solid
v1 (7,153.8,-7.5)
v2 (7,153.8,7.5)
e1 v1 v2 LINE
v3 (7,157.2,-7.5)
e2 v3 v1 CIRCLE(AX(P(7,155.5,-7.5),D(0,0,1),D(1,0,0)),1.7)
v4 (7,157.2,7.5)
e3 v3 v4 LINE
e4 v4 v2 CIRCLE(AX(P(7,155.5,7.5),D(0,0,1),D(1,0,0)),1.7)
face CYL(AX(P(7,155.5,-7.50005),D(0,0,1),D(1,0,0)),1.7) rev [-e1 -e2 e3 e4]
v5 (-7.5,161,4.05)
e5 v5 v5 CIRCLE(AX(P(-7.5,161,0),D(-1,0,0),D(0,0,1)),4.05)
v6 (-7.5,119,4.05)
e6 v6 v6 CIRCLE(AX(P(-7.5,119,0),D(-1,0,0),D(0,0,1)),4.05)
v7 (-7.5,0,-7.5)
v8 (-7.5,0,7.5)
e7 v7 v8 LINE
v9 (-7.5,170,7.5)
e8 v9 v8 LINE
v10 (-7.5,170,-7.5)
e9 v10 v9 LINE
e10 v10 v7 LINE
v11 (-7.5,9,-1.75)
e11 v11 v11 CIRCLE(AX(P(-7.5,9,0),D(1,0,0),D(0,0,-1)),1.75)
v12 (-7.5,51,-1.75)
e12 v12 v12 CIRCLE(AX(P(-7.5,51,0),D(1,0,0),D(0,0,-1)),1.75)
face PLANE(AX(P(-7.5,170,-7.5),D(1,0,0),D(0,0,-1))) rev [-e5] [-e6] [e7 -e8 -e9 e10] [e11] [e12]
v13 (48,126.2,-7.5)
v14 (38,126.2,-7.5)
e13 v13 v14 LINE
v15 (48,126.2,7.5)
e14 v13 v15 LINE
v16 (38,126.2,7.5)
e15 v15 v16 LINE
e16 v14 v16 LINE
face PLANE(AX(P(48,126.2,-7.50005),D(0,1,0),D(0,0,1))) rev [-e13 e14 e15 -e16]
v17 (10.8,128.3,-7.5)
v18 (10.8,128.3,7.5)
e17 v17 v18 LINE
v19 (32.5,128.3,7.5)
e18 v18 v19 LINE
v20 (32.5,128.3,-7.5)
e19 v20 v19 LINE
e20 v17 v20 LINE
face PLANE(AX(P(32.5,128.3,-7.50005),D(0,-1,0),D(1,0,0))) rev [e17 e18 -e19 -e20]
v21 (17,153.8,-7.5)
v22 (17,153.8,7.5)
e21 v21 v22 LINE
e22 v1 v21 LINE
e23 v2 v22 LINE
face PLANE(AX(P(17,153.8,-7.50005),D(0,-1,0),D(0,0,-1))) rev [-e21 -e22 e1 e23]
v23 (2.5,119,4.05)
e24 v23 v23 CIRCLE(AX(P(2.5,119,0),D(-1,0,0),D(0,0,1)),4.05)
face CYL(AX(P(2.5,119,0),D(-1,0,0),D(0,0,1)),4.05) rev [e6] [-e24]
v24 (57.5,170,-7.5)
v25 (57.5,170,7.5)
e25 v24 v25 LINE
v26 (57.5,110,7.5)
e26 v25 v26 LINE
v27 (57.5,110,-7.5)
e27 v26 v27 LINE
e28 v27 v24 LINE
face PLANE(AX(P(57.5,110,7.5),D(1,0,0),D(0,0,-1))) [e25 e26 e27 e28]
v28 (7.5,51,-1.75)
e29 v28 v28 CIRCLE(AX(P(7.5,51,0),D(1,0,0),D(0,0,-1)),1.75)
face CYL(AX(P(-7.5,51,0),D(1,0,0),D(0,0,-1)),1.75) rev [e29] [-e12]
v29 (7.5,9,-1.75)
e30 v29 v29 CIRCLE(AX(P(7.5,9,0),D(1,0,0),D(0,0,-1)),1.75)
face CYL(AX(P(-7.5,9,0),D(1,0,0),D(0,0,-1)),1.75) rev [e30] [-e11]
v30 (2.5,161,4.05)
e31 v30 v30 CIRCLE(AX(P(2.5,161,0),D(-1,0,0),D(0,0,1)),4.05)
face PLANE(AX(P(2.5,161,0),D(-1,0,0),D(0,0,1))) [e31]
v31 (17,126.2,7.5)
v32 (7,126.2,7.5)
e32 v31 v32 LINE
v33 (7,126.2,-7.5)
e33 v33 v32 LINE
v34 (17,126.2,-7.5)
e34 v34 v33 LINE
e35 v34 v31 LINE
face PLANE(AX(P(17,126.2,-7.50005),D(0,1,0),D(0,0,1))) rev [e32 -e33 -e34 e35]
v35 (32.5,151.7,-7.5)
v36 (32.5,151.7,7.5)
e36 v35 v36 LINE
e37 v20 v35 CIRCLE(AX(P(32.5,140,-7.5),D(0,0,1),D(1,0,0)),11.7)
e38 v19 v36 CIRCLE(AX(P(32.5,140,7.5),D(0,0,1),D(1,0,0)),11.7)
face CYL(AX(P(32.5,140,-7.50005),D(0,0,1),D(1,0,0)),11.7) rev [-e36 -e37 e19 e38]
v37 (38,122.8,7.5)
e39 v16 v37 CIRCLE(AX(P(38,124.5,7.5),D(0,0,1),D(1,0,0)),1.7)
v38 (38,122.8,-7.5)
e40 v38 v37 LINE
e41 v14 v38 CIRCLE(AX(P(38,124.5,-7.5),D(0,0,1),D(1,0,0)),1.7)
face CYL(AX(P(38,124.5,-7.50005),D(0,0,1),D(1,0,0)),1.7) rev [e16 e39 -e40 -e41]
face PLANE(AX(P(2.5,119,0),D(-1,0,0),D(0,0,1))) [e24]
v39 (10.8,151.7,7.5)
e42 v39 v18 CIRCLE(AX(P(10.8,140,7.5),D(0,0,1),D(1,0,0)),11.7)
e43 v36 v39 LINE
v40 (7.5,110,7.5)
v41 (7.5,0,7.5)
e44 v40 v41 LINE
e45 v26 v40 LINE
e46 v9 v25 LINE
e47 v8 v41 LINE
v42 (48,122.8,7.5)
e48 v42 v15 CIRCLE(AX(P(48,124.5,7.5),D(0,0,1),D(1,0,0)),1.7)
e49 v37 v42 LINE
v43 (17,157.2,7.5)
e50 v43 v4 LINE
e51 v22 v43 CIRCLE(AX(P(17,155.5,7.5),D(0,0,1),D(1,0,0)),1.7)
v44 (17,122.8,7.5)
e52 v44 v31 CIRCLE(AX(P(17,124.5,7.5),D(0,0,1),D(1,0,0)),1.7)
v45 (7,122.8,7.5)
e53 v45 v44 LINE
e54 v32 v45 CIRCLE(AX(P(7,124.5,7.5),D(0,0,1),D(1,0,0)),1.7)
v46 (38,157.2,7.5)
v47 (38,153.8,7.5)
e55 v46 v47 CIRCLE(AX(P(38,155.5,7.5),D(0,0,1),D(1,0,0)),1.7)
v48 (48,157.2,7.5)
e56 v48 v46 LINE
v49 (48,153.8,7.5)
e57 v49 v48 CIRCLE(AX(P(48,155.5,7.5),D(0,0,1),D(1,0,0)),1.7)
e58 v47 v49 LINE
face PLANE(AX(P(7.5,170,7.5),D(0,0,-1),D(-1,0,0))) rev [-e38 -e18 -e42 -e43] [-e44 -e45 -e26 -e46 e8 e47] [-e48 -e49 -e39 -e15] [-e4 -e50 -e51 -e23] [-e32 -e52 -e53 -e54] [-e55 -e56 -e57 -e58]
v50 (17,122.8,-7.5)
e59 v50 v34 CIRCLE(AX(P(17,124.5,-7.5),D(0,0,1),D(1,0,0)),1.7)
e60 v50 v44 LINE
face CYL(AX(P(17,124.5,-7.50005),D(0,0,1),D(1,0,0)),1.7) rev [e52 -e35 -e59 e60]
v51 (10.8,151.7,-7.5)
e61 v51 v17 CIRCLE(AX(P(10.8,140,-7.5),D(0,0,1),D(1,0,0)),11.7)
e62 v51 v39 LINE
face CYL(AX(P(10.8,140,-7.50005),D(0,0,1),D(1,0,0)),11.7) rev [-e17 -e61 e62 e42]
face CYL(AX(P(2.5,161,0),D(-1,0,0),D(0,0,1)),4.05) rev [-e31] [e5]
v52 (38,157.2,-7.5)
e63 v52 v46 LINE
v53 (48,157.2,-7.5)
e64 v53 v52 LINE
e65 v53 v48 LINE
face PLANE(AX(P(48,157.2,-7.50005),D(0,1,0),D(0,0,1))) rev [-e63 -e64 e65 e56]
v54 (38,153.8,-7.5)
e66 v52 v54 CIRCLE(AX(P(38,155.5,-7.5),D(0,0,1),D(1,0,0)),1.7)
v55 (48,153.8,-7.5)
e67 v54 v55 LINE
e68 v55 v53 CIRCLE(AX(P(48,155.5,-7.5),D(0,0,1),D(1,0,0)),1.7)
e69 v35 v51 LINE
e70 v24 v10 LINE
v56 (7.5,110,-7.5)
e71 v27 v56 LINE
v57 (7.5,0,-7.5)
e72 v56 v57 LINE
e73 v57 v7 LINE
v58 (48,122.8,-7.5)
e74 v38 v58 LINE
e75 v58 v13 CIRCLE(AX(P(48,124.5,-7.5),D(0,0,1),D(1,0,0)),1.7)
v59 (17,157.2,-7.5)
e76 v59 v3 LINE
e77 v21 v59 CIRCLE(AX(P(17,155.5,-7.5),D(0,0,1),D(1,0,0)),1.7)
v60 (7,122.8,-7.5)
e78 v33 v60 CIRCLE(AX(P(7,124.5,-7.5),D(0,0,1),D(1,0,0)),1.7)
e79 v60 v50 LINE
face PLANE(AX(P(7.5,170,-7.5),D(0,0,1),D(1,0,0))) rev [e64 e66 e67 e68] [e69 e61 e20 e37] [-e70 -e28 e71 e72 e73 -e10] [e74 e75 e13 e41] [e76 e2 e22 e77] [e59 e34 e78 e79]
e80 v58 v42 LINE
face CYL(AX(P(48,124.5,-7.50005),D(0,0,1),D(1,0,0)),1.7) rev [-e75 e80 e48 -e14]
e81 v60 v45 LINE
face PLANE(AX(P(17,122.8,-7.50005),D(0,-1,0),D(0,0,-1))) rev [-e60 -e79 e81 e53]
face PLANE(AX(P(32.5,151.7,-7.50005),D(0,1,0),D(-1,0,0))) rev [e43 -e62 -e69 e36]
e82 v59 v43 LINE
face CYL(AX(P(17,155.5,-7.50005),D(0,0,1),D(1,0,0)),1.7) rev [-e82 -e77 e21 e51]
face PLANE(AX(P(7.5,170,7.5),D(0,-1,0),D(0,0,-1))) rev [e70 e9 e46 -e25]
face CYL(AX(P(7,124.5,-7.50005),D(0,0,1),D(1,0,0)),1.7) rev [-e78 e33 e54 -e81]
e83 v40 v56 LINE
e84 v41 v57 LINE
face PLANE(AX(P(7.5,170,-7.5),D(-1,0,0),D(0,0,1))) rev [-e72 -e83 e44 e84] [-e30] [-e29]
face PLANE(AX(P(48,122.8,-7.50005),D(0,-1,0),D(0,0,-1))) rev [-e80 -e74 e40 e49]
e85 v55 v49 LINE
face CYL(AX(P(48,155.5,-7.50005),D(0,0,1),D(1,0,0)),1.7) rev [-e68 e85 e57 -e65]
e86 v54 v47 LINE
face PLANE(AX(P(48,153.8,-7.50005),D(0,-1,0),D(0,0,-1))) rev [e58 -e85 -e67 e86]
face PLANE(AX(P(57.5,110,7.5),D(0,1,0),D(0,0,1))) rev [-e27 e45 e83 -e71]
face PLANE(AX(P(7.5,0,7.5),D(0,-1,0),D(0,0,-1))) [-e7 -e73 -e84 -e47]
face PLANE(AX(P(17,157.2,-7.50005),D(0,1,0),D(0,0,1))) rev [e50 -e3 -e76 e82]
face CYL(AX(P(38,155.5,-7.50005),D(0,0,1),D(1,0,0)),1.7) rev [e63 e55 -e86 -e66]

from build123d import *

# Parameters (mm, degrees)
SKETCH1_W           = 15
SKETCH1_H           = 15
BOSS_EXTRUDE1_DEPTH = 170
SKETCH2_R           = 1.75
CUT_EXTRUDE1_DEPTH  = 16
SKETCH8_W           = 15
SKETCH8_H           = 60
BOSS_EXTRUDE2_DEPTH = 50
SKETCH9_W           = 15
SKETCH9_H           = 22
CUT_EXTRUDE2_DEPTH  = 31
SKETCH11_R          = 4.05
CUT_EXTRUDE3_DEPTH  = 10
SKETCH12_W          = 15
SKETCH12_H          = 22
BOSS_EXTRUDE3_DEPTH = 31
CUT_EXTRUDE4_DEPTH  = 16


with BuildPart() as part:
    # Sketch1 → Boss-Extrude1 (new body)
    with BuildSketch(Plane(origin=(0, 0, 0), x_dir=(1, 0, 0), z_dir=(0, 1, 0))):
        Rectangle(SKETCH1_W, SKETCH1_H)
    extrude(amount=BOSS_EXTRUDE1_DEPTH)

    # Sketch2 → Cut-Extrude1 (cut, through all)
    with BuildSketch(Plane(origin=(7.5, 0, 0), x_dir=(0, 0, -1), z_dir=(1, 0, 0))):
        with Locations((0, 9)):
            Circle(SKETCH2_R)
        with Locations((0, 51)):
            Circle(SKETCH2_R)
    extrude(amount=-CUT_EXTRUDE1_DEPTH, mode=Mode.SUBTRACT)

    # Sketch8 → Boss-Extrude2 (add)
    with BuildSketch(Plane(origin=(7.5, 0, 0), x_dir=(0, 0, -1), z_dir=(1, 0, 0))):
        with Locations((0, 140)):
            Rectangle(SKETCH8_W, SKETCH8_H)
    extrude(amount=BOSS_EXTRUDE2_DEPTH)

    # Sketch9 → Cut-Extrude2 (cut)
    with BuildSketch(Plane(origin=(57.5, 0, 0), x_dir=(0, 0, -1), z_dir=(1, 0, 0))):
        with Locations((0, 150)):
            Rectangle(SKETCH9_W, SKETCH9_H)
    extrude(amount=-CUT_EXTRUDE2_DEPTH, mode=Mode.SUBTRACT)

    # Sketch11 → Cut-Extrude3 (cut)
    with BuildSketch(Plane.ZY.offset(7.5)):
        with Locations((0, 161)):
            Circle(SKETCH11_R)
        with Locations((0, 119)):
            Circle(SKETCH11_R)
    extrude(amount=-CUT_EXTRUDE3_DEPTH, mode=Mode.SUBTRACT)

    # Sketch12 → Boss-Extrude3 (add)
    with BuildSketch(Plane(origin=(26.5, 0, 0), x_dir=(0, 0, -1), z_dir=(1, 0, 0))):
        with Locations((0, 150)):
            Rectangle(SKETCH12_W, SKETCH12_H)
    extrude(amount=BOSS_EXTRUDE3_DEPTH)

    # Sketch13 → Cut-Extrude4 (cut, through all)
    with BuildSketch(Plane.XY.offset(7.5)):
        with BuildLine():
            Line((17, 122.8), (7, 122.8))
            ThreePointArc((7, 122.8), (5.3, 124.5), (7, 126.2))
            Line((7, 126.2), (17, 126.2))
            ThreePointArc((17, 126.2), (18.7, 124.5), (17, 122.8))
        make_face()
        with BuildLine():
            Line((32.5, 128.3), (10.8, 128.3))
            ThreePointArc((10.8, 128.3), (-0.9, 140), (10.8, 151.7))
            Line((10.8, 151.7), (32.5, 151.7))
            ThreePointArc((32.5, 151.7), (44.2, 140), (32.5, 128.3))
        make_face()
        with BuildLine():
            Line((48, 122.8), (38, 122.8))
            ThreePointArc((38, 122.8), (36.3, 124.5), (38, 126.2))
            Line((38, 126.2), (48, 126.2))
            ThreePointArc((48, 126.2), (49.7, 124.5), (48, 122.8))
        make_face()
        with BuildLine():
            Line((48, 153.8), (38, 153.8))
            ThreePointArc((38, 153.8), (36.3, 155.5), (38, 157.2))
            Line((38, 157.2), (48, 157.2))
            ThreePointArc((48, 157.2), (49.7, 155.5), (48, 153.8))
        make_face()
        with BuildLine():
            Line((17, 153.8), (7, 153.8))
            ThreePointArc((7, 153.8), (5.3, 155.5), (7, 157.2))
            Line((7, 157.2), (17, 157.2))
            ThreePointArc((17, 157.2), (18.7, 155.5), (17, 153.8))
        make_face()
    extrude(amount=-CUT_EXTRUDE4_DEPTH, mode=Mode.SUBTRACT)


solid = part.part
